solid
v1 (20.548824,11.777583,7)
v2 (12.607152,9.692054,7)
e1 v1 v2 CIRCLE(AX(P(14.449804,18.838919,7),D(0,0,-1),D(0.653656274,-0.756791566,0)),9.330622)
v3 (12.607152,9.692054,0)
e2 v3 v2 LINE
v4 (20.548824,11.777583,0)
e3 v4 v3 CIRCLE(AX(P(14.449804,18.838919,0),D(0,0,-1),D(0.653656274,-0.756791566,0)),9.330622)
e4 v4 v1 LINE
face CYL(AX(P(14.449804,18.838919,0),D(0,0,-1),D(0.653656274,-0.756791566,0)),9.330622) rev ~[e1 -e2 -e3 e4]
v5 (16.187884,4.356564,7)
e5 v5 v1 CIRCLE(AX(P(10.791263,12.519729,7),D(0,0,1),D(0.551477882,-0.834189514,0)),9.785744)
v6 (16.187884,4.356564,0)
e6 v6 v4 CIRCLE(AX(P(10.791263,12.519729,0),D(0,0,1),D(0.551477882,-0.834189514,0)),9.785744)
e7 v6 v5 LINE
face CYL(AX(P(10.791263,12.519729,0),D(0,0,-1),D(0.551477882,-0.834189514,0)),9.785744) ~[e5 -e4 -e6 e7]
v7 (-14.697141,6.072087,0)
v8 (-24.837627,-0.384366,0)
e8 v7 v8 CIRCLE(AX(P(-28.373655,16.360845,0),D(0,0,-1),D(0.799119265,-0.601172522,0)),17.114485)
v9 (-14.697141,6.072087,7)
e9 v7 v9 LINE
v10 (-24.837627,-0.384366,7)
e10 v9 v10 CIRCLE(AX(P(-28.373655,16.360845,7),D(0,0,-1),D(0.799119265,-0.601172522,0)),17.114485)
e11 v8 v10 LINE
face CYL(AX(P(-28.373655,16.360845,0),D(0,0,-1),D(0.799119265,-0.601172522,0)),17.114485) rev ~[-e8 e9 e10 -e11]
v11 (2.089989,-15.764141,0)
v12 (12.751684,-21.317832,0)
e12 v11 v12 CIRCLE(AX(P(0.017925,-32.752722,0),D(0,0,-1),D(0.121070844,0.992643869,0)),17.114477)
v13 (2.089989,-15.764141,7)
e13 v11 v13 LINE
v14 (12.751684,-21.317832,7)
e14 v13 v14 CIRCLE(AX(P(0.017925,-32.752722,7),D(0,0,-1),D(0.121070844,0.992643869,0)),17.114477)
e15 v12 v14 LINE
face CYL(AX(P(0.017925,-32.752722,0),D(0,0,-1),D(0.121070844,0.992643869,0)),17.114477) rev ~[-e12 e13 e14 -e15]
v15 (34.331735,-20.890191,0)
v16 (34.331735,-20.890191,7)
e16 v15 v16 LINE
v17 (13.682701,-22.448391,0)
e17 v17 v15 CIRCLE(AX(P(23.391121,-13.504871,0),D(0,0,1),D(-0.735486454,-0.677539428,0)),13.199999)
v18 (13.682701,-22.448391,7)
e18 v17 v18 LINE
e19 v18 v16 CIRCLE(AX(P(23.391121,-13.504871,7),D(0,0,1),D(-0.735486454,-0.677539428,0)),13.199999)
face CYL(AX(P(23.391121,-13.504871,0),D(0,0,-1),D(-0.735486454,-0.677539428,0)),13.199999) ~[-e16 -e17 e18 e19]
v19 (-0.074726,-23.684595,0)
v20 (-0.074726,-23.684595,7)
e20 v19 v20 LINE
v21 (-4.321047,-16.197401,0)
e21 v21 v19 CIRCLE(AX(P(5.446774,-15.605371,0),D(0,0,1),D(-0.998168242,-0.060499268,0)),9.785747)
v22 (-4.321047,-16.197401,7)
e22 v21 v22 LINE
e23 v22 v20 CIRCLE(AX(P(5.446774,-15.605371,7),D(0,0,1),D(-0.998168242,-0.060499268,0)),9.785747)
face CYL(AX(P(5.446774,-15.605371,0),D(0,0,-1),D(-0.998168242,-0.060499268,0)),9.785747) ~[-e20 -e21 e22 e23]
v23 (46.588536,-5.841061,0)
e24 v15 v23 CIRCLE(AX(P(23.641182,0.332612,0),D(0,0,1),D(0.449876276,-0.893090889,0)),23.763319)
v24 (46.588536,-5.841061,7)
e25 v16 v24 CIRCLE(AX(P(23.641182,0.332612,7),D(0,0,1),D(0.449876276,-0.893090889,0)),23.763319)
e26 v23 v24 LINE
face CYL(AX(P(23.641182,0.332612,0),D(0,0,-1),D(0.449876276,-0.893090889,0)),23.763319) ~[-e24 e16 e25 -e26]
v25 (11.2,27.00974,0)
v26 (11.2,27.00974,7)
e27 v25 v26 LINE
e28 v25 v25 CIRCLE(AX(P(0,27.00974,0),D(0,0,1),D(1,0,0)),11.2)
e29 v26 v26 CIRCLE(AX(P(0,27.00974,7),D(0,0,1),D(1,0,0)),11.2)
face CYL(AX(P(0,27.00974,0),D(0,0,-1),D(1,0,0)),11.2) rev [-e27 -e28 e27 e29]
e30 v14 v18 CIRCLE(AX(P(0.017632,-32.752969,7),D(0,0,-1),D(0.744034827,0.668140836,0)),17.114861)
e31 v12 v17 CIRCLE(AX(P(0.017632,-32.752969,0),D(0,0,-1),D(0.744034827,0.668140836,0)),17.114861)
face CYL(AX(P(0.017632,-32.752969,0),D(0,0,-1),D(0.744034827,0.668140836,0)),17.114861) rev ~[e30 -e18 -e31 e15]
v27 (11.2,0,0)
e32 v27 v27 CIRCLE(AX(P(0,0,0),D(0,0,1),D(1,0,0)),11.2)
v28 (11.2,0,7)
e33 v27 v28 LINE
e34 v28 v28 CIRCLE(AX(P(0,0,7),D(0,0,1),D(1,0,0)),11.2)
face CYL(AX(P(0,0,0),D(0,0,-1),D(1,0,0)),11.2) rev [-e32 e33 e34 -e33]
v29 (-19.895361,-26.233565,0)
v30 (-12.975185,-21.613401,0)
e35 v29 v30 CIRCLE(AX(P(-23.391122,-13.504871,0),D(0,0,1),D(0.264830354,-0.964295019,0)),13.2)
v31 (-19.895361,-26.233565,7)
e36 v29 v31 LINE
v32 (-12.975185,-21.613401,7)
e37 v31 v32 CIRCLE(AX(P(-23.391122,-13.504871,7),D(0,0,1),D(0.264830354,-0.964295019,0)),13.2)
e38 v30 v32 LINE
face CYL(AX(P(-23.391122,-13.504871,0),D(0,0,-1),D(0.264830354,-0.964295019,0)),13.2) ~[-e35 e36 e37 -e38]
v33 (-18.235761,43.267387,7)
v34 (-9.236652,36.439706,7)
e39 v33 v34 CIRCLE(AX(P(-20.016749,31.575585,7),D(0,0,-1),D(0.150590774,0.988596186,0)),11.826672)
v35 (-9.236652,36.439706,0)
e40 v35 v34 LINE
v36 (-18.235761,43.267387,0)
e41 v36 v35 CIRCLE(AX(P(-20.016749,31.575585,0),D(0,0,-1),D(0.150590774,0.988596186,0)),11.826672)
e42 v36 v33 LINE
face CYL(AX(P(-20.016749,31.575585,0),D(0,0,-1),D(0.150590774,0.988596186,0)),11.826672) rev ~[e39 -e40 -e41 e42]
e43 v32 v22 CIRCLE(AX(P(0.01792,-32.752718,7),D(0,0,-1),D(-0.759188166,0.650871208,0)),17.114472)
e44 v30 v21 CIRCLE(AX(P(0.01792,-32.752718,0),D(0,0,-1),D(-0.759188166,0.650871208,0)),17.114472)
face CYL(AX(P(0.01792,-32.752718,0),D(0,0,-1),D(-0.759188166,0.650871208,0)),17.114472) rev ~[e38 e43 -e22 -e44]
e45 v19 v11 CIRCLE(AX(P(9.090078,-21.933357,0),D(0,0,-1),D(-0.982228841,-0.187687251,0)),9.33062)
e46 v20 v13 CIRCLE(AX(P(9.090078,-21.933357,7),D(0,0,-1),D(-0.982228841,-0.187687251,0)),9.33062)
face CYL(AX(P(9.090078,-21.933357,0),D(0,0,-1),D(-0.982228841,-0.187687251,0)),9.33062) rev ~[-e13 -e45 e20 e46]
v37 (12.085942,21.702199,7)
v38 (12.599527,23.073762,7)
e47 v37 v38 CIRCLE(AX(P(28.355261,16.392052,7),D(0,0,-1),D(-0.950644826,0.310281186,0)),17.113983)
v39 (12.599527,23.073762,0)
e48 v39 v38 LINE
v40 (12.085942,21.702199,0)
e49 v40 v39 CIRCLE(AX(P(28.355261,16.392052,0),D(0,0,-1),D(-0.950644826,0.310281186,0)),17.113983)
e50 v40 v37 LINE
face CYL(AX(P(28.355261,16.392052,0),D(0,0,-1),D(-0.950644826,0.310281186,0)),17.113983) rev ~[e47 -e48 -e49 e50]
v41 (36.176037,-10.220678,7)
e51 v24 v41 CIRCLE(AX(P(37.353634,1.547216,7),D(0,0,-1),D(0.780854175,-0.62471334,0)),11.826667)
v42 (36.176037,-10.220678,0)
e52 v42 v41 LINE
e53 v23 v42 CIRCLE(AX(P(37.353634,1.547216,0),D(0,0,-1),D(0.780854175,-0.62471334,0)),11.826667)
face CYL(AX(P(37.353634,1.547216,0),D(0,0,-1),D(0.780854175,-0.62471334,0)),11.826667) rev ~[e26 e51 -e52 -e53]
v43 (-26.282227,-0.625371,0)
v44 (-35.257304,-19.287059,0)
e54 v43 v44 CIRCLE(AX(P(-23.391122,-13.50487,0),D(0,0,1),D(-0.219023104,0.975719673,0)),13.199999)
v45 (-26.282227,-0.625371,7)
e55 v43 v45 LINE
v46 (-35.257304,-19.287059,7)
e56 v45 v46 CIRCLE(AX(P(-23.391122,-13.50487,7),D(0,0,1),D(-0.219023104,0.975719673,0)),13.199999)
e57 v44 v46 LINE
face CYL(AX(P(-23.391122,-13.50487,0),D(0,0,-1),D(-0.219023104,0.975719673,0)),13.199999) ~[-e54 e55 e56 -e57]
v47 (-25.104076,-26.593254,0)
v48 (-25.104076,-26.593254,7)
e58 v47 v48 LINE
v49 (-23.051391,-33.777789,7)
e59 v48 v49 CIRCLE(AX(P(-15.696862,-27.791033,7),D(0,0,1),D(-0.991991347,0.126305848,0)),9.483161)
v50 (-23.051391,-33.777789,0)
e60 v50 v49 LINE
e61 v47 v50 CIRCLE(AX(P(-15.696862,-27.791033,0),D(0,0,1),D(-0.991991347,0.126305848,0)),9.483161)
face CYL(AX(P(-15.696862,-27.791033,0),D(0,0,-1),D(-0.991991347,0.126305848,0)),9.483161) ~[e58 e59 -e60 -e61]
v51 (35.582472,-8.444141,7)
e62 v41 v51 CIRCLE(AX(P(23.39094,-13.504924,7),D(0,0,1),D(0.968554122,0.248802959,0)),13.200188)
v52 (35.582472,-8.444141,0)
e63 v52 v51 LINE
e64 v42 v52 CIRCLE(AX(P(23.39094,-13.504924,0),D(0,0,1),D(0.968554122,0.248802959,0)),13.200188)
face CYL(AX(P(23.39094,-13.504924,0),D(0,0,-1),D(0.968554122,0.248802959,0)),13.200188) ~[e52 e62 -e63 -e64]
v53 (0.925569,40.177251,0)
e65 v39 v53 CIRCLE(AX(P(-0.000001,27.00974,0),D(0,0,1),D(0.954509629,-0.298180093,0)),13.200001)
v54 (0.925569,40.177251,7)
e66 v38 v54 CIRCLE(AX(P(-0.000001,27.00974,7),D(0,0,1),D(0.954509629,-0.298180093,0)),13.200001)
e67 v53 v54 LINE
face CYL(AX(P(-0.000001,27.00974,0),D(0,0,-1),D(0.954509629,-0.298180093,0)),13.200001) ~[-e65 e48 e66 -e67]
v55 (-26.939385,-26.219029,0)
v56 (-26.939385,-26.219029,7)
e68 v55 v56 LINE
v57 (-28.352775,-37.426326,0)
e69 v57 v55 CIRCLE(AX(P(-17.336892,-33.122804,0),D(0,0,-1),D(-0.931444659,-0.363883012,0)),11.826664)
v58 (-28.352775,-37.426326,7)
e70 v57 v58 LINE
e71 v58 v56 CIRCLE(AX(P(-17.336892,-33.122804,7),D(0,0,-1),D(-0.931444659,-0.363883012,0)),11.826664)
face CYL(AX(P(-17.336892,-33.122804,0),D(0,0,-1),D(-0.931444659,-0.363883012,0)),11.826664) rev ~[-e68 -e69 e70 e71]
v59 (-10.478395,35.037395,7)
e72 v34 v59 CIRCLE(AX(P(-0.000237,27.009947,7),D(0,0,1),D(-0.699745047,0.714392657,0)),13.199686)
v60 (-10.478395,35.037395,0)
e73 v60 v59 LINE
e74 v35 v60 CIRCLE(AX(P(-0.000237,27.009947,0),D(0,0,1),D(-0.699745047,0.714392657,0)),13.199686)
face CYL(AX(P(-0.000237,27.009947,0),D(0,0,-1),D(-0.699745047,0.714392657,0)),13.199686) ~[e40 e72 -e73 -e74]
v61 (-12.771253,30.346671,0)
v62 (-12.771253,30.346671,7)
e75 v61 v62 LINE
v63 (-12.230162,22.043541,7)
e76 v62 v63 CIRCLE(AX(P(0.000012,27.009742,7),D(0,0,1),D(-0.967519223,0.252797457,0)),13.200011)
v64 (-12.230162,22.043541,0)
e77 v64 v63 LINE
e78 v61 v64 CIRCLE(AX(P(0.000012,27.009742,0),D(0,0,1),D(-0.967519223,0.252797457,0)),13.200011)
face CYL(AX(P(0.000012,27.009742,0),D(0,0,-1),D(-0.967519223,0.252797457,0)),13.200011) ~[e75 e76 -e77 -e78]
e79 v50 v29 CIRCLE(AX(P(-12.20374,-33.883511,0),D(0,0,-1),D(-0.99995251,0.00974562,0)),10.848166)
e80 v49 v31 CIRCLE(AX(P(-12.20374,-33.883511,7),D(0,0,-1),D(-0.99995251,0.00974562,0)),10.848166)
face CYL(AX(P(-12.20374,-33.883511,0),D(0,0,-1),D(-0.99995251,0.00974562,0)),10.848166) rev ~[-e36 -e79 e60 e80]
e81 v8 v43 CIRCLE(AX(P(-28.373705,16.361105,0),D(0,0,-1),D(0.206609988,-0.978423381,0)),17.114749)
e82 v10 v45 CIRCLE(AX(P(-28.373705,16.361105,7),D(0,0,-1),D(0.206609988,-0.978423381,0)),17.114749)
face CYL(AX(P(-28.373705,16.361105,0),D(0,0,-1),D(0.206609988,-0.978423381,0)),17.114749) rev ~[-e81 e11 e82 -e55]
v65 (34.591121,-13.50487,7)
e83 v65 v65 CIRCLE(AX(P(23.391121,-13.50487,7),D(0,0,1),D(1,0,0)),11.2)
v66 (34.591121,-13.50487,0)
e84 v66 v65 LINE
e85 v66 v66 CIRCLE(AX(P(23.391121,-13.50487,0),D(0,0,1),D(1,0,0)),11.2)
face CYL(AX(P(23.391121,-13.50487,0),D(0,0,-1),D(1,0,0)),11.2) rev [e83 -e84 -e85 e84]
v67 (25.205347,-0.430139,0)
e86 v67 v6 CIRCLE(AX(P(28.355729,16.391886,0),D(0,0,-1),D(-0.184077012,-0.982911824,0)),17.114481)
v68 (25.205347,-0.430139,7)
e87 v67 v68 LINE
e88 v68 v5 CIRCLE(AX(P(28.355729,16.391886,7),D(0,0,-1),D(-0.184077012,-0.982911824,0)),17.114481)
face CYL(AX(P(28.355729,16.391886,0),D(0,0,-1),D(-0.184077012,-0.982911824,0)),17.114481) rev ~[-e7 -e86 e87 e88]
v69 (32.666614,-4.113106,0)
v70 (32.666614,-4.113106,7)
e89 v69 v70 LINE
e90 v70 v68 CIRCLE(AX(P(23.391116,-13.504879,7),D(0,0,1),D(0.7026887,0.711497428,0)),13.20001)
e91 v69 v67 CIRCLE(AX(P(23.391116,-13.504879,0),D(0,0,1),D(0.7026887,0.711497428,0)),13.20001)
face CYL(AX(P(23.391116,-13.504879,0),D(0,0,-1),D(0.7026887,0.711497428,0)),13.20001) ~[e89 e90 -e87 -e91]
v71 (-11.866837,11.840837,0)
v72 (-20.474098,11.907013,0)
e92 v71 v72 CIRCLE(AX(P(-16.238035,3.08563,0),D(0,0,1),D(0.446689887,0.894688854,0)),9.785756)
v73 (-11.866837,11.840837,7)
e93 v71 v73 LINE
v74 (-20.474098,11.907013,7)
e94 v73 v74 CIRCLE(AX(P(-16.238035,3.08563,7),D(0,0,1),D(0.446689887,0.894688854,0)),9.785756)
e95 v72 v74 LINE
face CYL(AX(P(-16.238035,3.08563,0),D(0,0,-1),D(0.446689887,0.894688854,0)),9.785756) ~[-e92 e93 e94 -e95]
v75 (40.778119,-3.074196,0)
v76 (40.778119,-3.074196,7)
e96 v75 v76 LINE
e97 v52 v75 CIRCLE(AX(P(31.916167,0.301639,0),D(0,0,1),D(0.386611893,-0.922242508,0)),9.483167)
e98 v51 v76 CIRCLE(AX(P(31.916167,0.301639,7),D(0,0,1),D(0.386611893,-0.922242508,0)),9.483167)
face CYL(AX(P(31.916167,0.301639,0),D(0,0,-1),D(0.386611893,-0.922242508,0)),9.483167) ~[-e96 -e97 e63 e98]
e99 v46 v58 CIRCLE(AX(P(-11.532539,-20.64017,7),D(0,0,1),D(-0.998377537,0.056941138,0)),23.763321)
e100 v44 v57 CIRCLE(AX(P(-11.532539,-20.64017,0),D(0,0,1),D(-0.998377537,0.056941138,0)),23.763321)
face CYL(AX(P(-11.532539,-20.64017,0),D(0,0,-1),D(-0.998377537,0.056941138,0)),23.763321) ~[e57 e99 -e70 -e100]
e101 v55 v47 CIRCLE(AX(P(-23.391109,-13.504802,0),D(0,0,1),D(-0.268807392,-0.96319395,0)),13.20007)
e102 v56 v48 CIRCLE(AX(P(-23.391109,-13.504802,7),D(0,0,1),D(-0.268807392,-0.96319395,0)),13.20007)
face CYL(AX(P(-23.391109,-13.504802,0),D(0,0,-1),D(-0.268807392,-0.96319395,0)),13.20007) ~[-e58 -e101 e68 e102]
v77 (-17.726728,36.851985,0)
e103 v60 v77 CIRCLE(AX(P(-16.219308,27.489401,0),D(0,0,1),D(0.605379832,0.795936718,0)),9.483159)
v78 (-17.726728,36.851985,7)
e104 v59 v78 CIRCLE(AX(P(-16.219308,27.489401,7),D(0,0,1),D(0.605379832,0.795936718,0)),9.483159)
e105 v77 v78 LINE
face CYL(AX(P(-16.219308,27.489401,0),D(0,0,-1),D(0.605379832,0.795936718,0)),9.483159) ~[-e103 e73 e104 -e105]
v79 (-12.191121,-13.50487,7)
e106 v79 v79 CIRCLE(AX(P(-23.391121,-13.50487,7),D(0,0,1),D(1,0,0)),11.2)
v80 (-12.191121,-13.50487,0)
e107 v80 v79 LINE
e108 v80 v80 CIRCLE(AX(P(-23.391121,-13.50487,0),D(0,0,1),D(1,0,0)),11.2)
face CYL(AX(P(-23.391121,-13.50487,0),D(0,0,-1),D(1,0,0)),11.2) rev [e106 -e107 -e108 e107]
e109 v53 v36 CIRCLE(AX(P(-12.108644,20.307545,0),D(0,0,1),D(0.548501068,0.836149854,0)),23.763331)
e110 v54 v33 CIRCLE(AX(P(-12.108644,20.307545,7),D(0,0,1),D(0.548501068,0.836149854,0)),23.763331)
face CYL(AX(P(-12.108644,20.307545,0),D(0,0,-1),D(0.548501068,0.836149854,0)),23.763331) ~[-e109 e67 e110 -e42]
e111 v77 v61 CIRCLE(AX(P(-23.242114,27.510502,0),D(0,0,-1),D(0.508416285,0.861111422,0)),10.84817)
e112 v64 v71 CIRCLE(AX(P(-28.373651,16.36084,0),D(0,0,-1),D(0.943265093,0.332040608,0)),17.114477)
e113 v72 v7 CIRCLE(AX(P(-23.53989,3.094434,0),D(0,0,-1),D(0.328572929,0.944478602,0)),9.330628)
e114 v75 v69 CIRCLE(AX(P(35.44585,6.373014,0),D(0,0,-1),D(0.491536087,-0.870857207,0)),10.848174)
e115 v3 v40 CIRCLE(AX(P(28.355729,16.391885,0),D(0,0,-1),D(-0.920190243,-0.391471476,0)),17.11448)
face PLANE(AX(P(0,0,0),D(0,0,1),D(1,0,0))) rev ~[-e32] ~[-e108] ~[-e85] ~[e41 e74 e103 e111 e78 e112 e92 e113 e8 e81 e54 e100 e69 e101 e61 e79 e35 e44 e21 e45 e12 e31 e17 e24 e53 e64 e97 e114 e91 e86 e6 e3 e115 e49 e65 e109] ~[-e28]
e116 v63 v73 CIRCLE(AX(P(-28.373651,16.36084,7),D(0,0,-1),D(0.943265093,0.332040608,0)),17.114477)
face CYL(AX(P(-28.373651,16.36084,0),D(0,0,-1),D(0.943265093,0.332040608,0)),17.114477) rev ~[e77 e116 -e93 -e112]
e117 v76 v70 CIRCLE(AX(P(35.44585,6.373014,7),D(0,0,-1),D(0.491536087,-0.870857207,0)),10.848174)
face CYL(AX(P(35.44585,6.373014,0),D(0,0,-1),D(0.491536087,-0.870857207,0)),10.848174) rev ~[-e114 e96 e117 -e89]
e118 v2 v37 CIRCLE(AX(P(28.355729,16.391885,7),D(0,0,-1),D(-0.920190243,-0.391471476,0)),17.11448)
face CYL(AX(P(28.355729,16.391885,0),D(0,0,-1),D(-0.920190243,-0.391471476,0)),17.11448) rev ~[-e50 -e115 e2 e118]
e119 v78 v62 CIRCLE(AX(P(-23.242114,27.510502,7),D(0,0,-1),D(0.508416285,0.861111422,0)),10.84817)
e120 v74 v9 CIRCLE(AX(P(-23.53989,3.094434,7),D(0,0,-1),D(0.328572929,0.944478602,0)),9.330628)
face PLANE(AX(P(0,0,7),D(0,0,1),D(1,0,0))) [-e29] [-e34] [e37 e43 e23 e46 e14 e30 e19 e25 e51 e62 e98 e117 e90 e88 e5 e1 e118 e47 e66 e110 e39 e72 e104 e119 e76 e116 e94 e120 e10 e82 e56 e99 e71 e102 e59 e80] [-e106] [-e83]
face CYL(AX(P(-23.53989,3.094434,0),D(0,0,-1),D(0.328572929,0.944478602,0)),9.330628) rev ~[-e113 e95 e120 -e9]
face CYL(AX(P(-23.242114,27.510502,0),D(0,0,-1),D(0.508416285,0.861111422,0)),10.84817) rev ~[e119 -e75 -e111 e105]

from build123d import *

# Parameters (mm, degrees)
F0_R     = 11.2
F1_DEPTH = 7


with BuildPart() as f1:
    # F0 (on Top) → F1 (new body)
    with BuildSketch(Plane.XY):
        with BuildLine():
            ThreePointArc((12.607152, 9.692054), (11.257343, 15.649858), (12.085942, 21.702199))
            ThreePointArc((12.085942, 21.702199), (12.328056, 22.393477), (12.599527, 23.073762))
            ThreePointArc((12.599527, 23.073762), (10.902494, 34.45122), (0.925569, 40.177251))
            ThreePointArc((0.925569, 40.177251), (-8.325229, 43.76776), (-18.235761, 43.267387))
            ThreePointArc((-18.235761, 43.267387), (-12.868356, 40.997402), (-9.236652, 36.439706))
            ThreePointArc((-9.236652, 36.439706), (-9.882429, 35.760604), (-10.478395, 35.037395))
            ThreePointArc((-10.478395, 35.037395), (-13.91631, 36.688667), (-17.726728, 36.851985))
            ThreePointArc((-17.726728, 36.851985), (-14.612525, 34.08416), (-12.771253, 30.346671))
            ThreePointArc((-12.771253, 30.346671), (-13.17206, 26.151356), (-12.230162, 22.043541))
            ThreePointArc((-12.230162, 22.043541), (-11.270015, 16.969911), (-11.866837, 11.840837))
            ThreePointArc((-11.866837, 11.840837), (-16.162801, 12.871097), (-20.474098, 11.907013))
            ThreePointArc((-20.474098, 11.907013), (-16.909285, 9.659166), (-14.697141, 6.072087))
            ThreePointArc((-14.697141, 6.072087), (-19.181846, 1.924217), (-24.837627, -0.384366))
            ThreePointArc((-24.837627, -0.384366), (-25.557348, -0.520328), (-26.282227, -0.625371))
            ThreePointArc((-26.282227, -0.625371), (-35.286879, -7.783773), (-35.257304, -19.287059))
            ThreePointArc((-35.257304, -19.287059), (-33.741378, -29.09374), (-28.352775, -37.426326))
            ThreePointArc((-28.352775, -37.426326), (-29.070614, -31.643024), (-26.939385, -26.219029))
            ThreePointArc((-26.939385, -26.219029), (-26.028377, -26.438736), (-25.104076, -26.593254))
            ThreePointArc((-25.104076, -26.593254), (-24.815162, -30.396211), (-23.051391, -33.777789))
            ThreePointArc((-23.051391, -33.777789), (-22.211486, -29.696898), (-19.895361, -26.233565))
            ThreePointArc((-19.895361, -26.233565), (-16.061708, -24.483017), (-12.975185, -21.613401))
            ThreePointArc((-12.975185, -21.613401), (-9.061367, -18.245075), (-4.321047, -16.197401))
            ThreePointArc((-4.321047, -16.197401), (-3.065297, -20.432945), (-0.074726, -23.684595))
            ThreePointArc((-0.074726, -23.684595), (0.089559, -19.473453), (2.089989, -15.764141))
            ThreePointArc((2.089989, -15.764141), (7.924503, -17.574074), (12.751684, -21.317832))
            ThreePointArc((12.751684, -21.317832), (13.229291, -21.873148), (13.682701, -22.448391))
            ThreePointArc((13.682701, -22.448391), (24.384385, -26.667447), (34.331735, -20.890191))
            ThreePointArc((34.331735, -20.890191), (42.066607, -14.67402), (46.588536, -5.841061))
            ThreePointArc((46.588536, -5.841061), (41.93897, -9.354378), (36.176037, -10.220678))
            ThreePointArc((36.176037, -10.220678), (35.910805, -9.321868), (35.582472, -8.444141))
            ThreePointArc((35.582472, -8.444141), (38.731472, -6.292455), (40.778119, -3.074196))
            ThreePointArc((40.778119, -3.074196), (36.824011, -4.387262), (32.666614, -4.113106))
            ThreePointArc((32.666614, -4.113106), (29.233768, -1.668339), (25.205347, -0.430139))
            ThreePointArc((25.205347, -0.430139), (20.331382, 1.275164), (16.187884, 4.356564))
            ThreePointArc((16.187884, 4.356564), (19.228098, 7.561847), (20.548824, 11.777583))
            ThreePointArc((20.548824, 11.777583), (16.819725, 9.814287), (12.607152, 9.692054))
        make_face()
        with Locations((-23.391121, -13.50487)):
            Circle(F0_R, mode=Mode.SUBTRACT)
        Circle(F0_R, mode=Mode.SUBTRACT)
        with Locations((23.391121, -13.50487)):
            Circle(F0_R, mode=Mode.SUBTRACT)
        with Locations((0, 27.00974)):
            Circle(F0_R, mode=Mode.SUBTRACT)
    extrude(amount=F1_DEPTH)


solid = f1.part
